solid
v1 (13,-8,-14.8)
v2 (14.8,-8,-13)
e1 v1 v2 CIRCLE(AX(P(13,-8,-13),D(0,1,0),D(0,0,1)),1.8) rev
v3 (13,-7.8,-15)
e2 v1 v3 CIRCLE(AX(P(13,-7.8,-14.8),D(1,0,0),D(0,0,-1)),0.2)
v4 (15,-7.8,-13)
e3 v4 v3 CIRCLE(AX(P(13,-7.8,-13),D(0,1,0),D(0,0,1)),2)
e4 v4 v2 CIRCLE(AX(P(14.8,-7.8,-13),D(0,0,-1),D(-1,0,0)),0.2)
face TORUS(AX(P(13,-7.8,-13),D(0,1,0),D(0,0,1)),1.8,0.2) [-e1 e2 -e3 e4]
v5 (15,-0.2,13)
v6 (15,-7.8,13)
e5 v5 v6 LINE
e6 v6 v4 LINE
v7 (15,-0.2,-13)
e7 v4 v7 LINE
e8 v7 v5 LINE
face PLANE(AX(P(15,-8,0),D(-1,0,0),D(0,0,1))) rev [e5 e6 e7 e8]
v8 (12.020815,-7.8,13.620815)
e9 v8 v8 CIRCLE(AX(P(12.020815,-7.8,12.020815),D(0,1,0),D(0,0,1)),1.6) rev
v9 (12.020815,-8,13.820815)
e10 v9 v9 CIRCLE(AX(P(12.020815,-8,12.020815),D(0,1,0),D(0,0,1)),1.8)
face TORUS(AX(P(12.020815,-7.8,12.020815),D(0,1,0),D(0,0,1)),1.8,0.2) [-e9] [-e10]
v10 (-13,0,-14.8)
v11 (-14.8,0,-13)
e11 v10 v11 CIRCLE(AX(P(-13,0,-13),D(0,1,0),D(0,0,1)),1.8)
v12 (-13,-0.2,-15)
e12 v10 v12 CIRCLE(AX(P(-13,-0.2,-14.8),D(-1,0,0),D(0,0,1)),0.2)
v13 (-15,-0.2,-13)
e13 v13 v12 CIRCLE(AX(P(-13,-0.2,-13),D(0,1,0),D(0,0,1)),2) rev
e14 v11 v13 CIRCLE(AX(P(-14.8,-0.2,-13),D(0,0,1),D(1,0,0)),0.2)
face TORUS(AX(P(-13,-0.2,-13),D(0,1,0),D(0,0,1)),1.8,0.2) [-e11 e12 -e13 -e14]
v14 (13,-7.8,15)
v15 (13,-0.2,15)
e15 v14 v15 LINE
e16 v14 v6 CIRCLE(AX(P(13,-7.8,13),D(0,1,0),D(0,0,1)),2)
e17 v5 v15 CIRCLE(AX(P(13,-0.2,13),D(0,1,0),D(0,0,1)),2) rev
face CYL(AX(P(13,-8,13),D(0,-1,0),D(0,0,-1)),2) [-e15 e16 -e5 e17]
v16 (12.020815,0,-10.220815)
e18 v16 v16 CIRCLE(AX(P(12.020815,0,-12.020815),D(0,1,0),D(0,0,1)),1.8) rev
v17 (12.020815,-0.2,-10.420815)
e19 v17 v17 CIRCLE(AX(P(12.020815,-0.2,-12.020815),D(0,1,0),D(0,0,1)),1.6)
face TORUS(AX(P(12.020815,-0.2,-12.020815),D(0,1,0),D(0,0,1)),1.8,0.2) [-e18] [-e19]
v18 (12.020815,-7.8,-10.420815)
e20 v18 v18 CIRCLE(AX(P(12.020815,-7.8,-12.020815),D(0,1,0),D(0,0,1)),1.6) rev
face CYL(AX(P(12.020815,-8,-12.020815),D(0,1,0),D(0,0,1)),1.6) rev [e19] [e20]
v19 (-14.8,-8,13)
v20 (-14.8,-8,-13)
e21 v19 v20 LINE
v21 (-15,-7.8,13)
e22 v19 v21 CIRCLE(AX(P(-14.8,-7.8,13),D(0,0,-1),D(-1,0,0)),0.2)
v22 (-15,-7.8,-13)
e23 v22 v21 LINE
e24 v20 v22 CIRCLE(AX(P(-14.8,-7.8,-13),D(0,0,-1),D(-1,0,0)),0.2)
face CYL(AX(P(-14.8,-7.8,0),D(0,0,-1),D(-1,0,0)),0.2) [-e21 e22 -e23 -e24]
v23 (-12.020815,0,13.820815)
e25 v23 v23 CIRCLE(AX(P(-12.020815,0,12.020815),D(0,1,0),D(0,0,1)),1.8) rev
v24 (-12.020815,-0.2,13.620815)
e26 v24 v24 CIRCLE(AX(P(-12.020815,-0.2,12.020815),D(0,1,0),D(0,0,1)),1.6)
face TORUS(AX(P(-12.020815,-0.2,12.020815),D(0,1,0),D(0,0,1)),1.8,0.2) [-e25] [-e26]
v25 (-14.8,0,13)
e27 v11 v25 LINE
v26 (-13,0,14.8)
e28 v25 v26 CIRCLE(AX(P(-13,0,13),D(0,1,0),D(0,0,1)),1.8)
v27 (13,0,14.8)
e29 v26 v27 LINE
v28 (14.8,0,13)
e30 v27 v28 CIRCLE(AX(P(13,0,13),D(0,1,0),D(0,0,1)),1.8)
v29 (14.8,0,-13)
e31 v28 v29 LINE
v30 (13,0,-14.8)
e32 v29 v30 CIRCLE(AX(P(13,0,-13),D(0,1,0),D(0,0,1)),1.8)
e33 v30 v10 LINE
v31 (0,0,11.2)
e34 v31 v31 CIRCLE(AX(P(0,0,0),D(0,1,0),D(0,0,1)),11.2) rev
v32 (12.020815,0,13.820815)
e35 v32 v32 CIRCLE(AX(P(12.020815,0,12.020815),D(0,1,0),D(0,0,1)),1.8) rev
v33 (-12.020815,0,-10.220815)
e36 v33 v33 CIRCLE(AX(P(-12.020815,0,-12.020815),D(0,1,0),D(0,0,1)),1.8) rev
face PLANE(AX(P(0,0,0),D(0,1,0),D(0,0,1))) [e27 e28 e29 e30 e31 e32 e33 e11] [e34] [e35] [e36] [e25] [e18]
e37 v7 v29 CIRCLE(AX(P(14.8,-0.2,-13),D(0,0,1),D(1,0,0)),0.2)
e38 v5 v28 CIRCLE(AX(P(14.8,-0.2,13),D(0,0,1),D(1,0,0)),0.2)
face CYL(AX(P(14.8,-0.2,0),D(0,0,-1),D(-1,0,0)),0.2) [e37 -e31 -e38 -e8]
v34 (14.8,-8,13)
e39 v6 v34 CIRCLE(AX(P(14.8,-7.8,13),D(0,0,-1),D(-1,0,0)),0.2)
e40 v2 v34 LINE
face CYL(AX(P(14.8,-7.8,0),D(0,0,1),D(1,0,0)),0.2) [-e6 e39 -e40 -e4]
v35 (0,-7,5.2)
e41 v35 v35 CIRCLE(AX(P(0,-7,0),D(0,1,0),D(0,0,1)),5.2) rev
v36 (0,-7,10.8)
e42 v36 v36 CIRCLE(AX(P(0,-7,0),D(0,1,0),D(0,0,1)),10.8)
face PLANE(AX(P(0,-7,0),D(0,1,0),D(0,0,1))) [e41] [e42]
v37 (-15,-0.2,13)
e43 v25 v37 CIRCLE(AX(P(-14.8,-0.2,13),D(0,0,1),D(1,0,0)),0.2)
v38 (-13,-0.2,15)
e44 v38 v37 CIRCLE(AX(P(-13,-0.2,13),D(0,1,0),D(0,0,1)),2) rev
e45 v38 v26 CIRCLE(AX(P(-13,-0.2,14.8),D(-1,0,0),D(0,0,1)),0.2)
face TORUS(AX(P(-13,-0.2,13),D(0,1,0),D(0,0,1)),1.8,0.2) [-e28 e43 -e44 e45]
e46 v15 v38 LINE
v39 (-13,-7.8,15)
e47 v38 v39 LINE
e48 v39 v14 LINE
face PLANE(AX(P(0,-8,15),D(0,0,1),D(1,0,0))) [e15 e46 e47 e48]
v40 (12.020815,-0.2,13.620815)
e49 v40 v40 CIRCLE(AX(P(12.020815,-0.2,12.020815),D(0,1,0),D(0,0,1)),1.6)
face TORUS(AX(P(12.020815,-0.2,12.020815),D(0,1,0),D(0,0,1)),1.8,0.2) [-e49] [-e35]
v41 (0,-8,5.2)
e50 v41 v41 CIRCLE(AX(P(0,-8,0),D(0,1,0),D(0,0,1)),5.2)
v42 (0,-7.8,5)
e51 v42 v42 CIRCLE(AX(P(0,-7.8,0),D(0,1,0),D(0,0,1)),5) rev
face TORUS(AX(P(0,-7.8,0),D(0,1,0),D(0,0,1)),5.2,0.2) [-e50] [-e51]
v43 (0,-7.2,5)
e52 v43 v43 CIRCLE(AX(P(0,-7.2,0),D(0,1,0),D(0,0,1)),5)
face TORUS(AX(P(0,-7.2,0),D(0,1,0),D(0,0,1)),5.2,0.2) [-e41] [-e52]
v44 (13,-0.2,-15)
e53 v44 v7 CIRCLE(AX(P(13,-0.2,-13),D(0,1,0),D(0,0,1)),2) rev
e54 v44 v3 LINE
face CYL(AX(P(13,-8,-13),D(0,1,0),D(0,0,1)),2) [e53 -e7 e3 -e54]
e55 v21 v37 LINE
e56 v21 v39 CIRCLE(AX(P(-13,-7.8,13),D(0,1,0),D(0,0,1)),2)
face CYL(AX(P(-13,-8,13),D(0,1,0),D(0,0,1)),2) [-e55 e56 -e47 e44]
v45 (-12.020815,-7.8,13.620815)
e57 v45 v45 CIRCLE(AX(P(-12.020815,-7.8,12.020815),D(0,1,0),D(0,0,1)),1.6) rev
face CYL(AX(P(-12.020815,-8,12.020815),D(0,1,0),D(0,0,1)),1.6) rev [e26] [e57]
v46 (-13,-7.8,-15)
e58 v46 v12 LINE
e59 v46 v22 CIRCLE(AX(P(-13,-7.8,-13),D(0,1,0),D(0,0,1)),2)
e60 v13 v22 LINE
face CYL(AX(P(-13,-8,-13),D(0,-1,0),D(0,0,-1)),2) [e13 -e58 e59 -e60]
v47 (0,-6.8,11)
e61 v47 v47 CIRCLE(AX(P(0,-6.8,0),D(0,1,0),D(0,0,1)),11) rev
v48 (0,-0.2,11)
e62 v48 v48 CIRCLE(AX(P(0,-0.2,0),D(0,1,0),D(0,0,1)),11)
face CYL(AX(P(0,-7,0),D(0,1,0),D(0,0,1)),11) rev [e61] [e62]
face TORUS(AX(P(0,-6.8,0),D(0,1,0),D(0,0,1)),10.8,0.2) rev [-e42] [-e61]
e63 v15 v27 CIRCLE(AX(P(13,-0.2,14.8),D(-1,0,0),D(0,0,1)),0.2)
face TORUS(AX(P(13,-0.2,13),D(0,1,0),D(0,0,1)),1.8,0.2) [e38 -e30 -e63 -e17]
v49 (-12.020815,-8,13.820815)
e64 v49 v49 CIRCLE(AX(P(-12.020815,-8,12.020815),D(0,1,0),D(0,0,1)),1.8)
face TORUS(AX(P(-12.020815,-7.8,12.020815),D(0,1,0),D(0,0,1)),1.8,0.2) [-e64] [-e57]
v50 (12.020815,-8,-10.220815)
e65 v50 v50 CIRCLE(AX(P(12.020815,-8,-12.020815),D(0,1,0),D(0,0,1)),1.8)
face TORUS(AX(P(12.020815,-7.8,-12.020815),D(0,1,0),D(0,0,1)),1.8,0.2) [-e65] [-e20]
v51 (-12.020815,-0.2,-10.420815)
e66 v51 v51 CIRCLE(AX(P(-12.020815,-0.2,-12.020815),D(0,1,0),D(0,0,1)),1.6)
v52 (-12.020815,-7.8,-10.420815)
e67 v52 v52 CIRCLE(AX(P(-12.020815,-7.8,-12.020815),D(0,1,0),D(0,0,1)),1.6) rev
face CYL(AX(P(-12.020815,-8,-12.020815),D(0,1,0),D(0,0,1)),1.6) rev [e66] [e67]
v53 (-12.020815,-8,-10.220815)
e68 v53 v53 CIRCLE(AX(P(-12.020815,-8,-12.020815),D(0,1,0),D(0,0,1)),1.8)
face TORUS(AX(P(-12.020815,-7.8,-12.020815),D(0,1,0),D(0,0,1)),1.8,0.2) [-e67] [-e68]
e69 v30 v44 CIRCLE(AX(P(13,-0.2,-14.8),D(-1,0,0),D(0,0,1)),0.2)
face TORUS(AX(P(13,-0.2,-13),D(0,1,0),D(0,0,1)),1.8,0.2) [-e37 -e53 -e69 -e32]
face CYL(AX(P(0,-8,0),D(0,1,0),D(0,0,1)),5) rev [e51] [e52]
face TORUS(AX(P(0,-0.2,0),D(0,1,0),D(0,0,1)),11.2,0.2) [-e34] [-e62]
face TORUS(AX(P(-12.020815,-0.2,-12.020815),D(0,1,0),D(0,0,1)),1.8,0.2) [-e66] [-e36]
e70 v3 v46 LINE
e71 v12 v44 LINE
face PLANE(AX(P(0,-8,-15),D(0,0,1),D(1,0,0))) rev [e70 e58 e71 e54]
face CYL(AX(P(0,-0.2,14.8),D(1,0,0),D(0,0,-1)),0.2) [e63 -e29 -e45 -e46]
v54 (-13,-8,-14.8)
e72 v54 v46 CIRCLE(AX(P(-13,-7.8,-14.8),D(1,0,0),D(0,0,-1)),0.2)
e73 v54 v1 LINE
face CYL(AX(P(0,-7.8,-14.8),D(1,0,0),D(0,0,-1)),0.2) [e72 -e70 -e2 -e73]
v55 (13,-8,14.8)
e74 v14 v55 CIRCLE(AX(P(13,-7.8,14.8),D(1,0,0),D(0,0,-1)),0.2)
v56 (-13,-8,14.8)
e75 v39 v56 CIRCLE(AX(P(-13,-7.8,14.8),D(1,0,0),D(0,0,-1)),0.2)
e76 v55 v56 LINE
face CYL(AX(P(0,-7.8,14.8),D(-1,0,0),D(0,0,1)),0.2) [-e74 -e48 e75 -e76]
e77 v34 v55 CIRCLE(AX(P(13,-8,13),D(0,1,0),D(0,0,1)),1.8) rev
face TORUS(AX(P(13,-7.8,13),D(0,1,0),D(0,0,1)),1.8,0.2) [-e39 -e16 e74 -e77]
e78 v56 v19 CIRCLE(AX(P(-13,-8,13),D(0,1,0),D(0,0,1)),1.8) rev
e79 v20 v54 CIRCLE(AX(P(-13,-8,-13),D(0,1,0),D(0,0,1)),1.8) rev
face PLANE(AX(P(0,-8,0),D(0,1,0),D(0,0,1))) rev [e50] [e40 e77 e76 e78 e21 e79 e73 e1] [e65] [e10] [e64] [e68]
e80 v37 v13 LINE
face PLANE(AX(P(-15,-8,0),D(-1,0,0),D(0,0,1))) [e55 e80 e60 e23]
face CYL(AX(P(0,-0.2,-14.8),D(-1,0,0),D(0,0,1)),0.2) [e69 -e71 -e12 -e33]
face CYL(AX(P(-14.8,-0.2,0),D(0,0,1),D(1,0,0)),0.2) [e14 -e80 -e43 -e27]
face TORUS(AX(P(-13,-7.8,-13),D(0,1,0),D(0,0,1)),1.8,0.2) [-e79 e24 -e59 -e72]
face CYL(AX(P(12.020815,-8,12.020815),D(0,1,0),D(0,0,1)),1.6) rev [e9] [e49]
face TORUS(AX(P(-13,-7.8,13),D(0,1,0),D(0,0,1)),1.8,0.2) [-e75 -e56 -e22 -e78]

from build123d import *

# Parameters (mm, degrees)
SKETCH1_W           = 30
SKETCH1_H           = 30
SKETCH1_R           = 1.6
SKETCH1_R_2         = 5
BOSS_EXTRUDE1_DEPTH = 8
SKETCH1_3_R         = 11
SKETCH1_3_R_2       = 5
CUT_EXTRUDE1_DEPTH  = 7
FILLET1_R           = 2
FILLET2_R           = 0.2


with BuildPart() as part:
    # Sketch1 → Boss-Extrude1 (new body)
    with BuildSketch(Plane(origin=(0, 0, 0), x_dir=(1, 0, 0), z_dir=(0, 1, 0))):
        Rectangle(SKETCH1_W, SKETCH1_H)
        with Locations((-12.02081528, -12.02081528)):
            Circle(SKETCH1_R, mode=Mode.SUBTRACT)
        with Locations((12.02081528, -12.02081528)):
            Circle(SKETCH1_R, mode=Mode.SUBTRACT)
        with Locations((-12.02081528, 12.02081528)):
            Circle(SKETCH1_R, mode=Mode.SUBTRACT)
        with Locations((12.02081528, 12.02081528)):
            Circle(SKETCH1_R, mode=Mode.SUBTRACT)
        Circle(SKETCH1_R_2, mode=Mode.SUBTRACT)
    extrude(amount=-BOSS_EXTRUDE1_DEPTH)

    # Sketch1<3> → Cut-Extrude1 (cut)
    with BuildSketch(Plane(origin=(0, 0, 0), x_dir=(1, 0, 0), z_dir=(0, 1, 0))):
        Circle(SKETCH1_3_R)
        Circle(SKETCH1_3_R_2, mode=Mode.SUBTRACT)
    extrude(amount=-CUT_EXTRUDE1_DEPTH, mode=Mode.SUBTRACT)

    # Fillet1
    fillet1_edges = [part.edges().sort_by_distance(p)[0] for p in [
        (15, -4, 15),
        (-15, -4, 15),
        (-15, -4, -15),
        (15, -4, -15),
    ]]
    fillet(fillet1_edges, radius=FILLET1_R)

    # Fillet2
    fillet2_edges = [part.edges().sort_by_distance(p)[0] for p in [
        (-5, -8, 0),
        (-13.62081528, -8, 12.02081528),
        (14.414213562, -8, -14.414213562),
        (0, -8, -15),
        (-14.414213562, -8, -14.414213562),
        (-15, -8, 0),
        (-14.414213562, -8, 14.414213562),
        (0, -8, 15),
        (14.414213562, -8, 14.414213562),
        (15, -8, 0),
        (-13.62081528, -8, -12.02081528),
        (10.42081528, -8, -12.02081528),
        (10.42081528, -8, 12.02081528),
        (-11, -7, 0),
        (-5, -7, 0),
        (-13.62081528, 0, 12.02081528),
        (-14.414213562, 0, 14.414213562),
        (-15, 0, 0),
        (-14.414213562, 0, -14.414213562),
        (0, 0, -15),
        (14.414213562, 0, -14.414213562),
        (15, 0, 0),
        (14.414213562, 0, 14.414213562),
        (0, 0, 15),
        (-13.62081528, 0, -12.02081528),
        (10.42081528, 0, -12.02081528),
        (10.42081528, 0, 12.02081528),
        (-11, 0, 0),
    ]]
    fillet(fillet2_edges, radius=FILLET2_R)


solid = part.part
